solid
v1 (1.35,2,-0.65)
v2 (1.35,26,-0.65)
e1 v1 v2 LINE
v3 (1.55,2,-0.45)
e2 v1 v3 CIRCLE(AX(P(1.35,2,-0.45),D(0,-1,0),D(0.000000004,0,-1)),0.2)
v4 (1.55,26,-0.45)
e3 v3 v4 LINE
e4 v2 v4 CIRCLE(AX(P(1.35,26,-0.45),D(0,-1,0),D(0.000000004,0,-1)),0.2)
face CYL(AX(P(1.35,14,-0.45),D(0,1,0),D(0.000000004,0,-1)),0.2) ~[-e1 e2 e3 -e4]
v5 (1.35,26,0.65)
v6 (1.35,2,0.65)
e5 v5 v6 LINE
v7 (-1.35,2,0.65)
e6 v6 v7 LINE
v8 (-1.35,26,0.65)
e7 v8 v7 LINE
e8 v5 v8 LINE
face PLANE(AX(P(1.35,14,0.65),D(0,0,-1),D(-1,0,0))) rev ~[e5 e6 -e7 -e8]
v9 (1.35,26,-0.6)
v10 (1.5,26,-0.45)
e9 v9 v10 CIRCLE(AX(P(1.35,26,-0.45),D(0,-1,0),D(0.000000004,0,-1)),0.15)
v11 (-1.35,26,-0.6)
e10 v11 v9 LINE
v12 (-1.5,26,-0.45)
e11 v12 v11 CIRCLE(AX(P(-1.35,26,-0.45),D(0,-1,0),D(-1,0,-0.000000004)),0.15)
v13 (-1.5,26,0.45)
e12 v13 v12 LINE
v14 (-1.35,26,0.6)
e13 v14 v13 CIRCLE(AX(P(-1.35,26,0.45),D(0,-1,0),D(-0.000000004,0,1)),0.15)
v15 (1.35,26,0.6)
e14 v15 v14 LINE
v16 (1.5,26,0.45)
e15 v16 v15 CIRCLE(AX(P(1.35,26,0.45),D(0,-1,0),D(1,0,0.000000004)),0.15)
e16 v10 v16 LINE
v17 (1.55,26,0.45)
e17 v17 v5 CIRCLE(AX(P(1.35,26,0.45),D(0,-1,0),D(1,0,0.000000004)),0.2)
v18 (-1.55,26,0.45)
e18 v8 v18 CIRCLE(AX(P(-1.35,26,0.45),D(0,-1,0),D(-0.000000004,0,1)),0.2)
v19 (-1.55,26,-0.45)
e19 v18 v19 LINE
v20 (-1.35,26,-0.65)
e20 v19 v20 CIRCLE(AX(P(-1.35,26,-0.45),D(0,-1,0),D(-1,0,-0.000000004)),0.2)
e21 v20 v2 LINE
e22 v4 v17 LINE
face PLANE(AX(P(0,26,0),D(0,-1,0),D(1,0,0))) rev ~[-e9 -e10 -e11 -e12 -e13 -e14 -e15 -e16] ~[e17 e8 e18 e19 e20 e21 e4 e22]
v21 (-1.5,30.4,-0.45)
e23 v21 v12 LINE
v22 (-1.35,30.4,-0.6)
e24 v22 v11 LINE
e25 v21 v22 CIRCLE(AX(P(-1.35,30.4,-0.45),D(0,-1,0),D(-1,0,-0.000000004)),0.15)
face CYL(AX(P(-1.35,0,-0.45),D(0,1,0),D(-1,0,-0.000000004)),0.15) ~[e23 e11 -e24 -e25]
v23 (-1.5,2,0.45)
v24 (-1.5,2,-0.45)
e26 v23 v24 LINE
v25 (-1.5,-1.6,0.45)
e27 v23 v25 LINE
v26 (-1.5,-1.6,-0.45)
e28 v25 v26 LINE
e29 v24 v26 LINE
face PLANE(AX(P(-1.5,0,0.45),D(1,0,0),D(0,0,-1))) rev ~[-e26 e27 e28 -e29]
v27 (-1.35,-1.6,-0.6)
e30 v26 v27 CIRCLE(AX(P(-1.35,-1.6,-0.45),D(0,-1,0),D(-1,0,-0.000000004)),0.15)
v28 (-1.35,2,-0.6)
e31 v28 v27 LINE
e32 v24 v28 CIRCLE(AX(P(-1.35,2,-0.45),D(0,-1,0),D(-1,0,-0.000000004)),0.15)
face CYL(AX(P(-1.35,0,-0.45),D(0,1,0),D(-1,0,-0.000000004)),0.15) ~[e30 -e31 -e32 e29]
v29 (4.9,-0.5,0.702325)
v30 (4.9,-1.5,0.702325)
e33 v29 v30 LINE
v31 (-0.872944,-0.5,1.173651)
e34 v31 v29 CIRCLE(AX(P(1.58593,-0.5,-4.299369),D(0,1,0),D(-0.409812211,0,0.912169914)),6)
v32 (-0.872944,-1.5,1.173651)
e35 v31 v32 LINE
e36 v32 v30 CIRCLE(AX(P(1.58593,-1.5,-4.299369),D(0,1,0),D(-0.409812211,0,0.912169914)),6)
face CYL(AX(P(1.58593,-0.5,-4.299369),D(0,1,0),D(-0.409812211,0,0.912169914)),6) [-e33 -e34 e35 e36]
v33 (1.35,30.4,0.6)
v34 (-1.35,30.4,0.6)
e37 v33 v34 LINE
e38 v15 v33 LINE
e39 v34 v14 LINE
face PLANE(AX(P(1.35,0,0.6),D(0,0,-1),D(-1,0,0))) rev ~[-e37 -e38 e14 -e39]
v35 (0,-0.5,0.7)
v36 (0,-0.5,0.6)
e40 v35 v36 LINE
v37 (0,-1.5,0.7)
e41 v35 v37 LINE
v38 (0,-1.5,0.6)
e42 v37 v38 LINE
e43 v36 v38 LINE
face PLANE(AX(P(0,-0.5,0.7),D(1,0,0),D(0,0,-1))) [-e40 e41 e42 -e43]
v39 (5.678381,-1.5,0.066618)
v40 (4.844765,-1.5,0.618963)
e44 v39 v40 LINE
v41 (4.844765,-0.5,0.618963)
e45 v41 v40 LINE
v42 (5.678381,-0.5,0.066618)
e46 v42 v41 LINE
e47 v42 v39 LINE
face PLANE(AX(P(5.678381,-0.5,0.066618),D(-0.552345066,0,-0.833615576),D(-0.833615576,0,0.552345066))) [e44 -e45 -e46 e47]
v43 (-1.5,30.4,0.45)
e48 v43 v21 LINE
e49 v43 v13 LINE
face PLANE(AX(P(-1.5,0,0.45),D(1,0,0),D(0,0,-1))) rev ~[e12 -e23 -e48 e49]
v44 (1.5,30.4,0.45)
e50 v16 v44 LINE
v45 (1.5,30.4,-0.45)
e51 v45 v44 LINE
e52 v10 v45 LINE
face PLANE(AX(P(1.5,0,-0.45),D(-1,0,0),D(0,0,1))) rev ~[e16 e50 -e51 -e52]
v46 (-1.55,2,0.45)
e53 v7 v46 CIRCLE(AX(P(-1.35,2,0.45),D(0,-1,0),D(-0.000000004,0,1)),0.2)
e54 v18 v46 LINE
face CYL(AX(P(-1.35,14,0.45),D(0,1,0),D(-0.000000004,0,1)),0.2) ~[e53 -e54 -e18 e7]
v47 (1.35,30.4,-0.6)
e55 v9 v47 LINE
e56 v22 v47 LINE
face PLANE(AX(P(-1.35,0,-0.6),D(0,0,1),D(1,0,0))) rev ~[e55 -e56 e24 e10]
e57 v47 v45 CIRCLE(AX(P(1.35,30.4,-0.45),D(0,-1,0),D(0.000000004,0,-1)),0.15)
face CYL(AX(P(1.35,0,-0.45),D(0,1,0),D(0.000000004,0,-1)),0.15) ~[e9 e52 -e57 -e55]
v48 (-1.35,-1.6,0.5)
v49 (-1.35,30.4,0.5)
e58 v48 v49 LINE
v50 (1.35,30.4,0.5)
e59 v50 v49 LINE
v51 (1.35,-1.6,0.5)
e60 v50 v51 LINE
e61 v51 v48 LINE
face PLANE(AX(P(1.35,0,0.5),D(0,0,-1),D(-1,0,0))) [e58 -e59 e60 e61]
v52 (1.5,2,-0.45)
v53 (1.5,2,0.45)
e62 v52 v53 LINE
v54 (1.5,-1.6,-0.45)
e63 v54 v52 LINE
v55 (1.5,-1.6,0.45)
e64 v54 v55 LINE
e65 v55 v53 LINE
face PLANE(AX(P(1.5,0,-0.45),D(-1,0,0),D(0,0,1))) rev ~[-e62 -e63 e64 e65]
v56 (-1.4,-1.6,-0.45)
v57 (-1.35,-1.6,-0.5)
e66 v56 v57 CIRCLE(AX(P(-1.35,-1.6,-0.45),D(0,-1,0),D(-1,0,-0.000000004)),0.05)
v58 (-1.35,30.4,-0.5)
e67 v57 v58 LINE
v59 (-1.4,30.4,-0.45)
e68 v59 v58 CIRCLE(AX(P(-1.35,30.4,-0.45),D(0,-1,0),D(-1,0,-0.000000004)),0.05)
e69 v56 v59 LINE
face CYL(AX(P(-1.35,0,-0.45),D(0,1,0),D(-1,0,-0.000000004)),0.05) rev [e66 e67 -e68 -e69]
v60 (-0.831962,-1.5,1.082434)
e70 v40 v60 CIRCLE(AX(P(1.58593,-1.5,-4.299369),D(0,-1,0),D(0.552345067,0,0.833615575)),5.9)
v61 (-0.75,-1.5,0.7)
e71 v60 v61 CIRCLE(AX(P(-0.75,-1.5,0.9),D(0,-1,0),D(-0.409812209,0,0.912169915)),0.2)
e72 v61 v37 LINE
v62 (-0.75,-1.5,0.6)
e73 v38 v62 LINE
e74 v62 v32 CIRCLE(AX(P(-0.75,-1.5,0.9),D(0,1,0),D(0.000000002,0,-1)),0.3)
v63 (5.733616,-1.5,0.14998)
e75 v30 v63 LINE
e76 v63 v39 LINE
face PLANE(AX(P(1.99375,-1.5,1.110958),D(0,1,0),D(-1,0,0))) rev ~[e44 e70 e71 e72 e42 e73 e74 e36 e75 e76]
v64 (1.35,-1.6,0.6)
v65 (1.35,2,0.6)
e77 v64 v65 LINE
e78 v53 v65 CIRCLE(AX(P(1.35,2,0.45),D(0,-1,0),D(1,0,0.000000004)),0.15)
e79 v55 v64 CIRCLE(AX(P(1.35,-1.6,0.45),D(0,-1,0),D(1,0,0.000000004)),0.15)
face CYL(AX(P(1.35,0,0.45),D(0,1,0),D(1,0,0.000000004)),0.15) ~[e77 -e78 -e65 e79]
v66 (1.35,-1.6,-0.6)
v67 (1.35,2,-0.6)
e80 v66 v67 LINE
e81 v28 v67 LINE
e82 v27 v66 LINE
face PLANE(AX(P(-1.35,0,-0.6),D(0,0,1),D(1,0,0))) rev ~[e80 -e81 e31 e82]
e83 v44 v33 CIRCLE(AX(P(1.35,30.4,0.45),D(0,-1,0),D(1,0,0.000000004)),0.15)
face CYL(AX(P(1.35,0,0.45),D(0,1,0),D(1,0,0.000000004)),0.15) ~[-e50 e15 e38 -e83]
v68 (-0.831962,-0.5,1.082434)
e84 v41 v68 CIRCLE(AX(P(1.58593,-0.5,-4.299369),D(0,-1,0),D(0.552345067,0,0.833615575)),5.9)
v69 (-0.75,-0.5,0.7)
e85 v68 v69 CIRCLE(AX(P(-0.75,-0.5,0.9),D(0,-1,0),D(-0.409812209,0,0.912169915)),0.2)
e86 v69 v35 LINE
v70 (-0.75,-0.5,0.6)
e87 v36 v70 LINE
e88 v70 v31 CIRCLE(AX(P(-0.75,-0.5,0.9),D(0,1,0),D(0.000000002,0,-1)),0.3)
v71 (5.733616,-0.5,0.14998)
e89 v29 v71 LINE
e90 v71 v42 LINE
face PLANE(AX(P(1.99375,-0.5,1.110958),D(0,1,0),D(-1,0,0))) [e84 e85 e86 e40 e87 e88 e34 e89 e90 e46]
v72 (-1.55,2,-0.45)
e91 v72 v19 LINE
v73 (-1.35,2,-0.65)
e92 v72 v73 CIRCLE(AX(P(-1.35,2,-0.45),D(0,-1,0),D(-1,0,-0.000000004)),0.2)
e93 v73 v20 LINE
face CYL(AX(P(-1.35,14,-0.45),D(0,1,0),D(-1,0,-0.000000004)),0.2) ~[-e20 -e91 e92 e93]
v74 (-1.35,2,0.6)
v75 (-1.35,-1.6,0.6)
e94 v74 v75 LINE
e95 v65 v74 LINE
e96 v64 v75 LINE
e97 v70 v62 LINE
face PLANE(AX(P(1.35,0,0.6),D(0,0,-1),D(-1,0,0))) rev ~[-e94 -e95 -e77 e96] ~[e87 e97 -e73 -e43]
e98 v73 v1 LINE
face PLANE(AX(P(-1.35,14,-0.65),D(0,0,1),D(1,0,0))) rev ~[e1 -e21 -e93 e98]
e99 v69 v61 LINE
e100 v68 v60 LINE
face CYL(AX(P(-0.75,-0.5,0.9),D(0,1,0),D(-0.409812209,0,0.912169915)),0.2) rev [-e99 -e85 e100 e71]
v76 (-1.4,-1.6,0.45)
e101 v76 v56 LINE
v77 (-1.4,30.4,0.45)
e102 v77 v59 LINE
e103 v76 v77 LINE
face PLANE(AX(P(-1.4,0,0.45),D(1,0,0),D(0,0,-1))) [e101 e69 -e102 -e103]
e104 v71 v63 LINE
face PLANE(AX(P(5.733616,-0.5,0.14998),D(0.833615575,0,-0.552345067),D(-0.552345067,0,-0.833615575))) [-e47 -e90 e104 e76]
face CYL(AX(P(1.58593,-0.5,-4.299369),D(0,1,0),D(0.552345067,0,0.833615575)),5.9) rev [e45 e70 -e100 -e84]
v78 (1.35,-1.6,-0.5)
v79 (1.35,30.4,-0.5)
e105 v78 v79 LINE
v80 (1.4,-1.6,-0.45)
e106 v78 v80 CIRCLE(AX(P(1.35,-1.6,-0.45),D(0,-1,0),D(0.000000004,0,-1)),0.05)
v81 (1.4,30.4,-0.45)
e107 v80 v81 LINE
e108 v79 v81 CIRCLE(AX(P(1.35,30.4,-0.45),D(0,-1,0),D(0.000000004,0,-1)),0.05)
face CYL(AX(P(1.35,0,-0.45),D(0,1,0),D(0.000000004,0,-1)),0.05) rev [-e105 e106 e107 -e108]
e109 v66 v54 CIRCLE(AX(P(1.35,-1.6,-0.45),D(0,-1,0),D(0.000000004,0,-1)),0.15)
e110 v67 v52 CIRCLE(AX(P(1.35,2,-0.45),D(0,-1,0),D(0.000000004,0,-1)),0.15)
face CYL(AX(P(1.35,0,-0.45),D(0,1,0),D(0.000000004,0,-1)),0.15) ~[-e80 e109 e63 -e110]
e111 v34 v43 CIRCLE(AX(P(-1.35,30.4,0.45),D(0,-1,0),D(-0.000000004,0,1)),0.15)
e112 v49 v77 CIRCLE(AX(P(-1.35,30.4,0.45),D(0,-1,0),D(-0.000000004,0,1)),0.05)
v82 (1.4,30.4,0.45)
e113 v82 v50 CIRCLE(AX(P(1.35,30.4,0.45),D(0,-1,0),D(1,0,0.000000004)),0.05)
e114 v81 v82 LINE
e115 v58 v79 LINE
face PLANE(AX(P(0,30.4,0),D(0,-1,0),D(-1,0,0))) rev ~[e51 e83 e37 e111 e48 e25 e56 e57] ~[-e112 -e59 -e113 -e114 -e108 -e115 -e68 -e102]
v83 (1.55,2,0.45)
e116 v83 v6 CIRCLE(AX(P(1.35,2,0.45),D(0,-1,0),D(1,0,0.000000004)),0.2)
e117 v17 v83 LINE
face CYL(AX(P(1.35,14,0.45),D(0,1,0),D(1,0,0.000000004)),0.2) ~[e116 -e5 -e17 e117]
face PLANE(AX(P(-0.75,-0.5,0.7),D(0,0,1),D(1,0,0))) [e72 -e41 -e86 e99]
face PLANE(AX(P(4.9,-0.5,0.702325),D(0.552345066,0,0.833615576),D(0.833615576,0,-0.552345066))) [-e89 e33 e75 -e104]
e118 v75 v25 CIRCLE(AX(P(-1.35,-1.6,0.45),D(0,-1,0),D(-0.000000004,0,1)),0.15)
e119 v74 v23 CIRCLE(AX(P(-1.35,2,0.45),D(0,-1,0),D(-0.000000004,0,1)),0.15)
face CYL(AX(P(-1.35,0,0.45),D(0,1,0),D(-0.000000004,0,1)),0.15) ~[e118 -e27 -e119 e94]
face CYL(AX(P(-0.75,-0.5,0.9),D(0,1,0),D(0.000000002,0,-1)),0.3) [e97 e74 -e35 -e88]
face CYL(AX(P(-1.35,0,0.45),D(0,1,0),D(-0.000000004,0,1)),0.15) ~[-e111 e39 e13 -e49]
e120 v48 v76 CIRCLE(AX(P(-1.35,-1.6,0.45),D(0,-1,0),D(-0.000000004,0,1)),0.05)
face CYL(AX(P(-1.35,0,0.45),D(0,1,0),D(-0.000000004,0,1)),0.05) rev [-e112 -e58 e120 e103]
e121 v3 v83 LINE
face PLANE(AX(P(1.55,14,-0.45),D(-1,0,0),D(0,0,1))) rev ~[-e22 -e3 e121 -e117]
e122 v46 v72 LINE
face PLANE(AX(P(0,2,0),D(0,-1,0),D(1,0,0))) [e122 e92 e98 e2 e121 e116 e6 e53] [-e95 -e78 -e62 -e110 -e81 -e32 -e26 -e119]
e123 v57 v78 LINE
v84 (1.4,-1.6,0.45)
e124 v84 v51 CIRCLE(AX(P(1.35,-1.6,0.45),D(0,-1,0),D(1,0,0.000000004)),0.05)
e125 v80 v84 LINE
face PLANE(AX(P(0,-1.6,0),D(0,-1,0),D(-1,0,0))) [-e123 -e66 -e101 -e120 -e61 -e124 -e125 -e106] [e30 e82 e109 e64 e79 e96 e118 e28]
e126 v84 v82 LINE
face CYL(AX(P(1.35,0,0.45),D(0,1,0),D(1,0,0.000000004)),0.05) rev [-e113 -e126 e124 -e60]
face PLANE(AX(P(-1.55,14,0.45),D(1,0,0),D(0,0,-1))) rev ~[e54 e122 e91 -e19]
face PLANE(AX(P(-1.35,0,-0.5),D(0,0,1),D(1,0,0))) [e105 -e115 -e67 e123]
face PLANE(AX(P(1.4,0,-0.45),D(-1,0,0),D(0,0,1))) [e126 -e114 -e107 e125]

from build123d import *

# Parameters (mm, degrees)
EXTRUDE_THIN1_DEPTH      = 30.4
EXTRUDE_THIN1_DEPTH_BACK = 1.6
EXTRUDE_THIN2_DEPTH      = 12
EXTRUDE_THIN3_DEPTH      = 1


with BuildPart() as part:
    # Sketch1 → Extrude-Thin1 (new body, two sides)
    with BuildSketch(Plane(origin=(0, 0, 0), x_dir=(1, 0, 0), z_dir=(0, 1, 0))) as extrude_thin1_sk:
        with BuildLine():
            Line((1.35, -0.6), (-1.35, -0.6))
            ThreePointArc((-1.35, -0.6), (-1.456066017, -0.556066017), (-1.5, -0.45))
            Line((-1.5, -0.45), (-1.5, 0.45))
            ThreePointArc((-1.5, 0.45), (-1.456066017, 0.556066017), (-1.35, 0.6))
            Line((-1.35, 0.6), (1.35, 0.6))
            ThreePointArc((1.35, 0.6), (1.456066017, 0.556066017), (1.5, 0.45))
            Line((1.5, 0.45), (1.5, -0.45))
            ThreePointArc((1.5, -0.45), (1.456066017, -0.556066017), (1.35, -0.6))
        make_face()
        with BuildLine():
            Line((1.35, -0.5), (-1.35, -0.5))
            ThreePointArc((-1.35, -0.5), (-1.385355339, -0.485355339), (-1.4, -0.45))
            Line((-1.4, -0.45), (-1.4, 0.45))
            ThreePointArc((-1.4, 0.45), (-1.385355339, 0.485355339), (-1.35, 0.5))
            Line((-1.35, 0.5), (1.35, 0.5))
            ThreePointArc((1.35, 0.5), (1.385355339, 0.485355339), (1.4, 0.45))
            Line((1.4, 0.45), (1.4, -0.45))
            ThreePointArc((1.4, -0.45), (1.385355339, -0.485355339), (1.35, -0.5))
        make_face(mode=Mode.SUBTRACT)
    extrude(amount=EXTRUDE_THIN1_DEPTH)
    extrude(extrude_thin1_sk.sketch, amount=-EXTRUDE_THIN1_DEPTH_BACK)

    # Sketch2 → Extrude-Thin2 (add, symmetric)
    with BuildSketch(Plane(origin=(0, 14, 0), x_dir=(-1, 0, 0), z_dir=(0, 1, 0))):
        with BuildLine():
            Line((-1.55, -0.45), (-1.55, 0.45))
            ThreePointArc((-1.55, 0.45), (-1.491421356, 0.591421356), (-1.35, 0.65))
            Line((-1.35, 0.65), (1.35, 0.65))
            ThreePointArc((1.35, 0.65), (1.491421356, 0.591421356), (1.55, 0.45))
            Line((1.55, 0.45), (1.55, -0.45))
            ThreePointArc((1.55, -0.45), (1.491421356, -0.591421356), (1.35, -0.65))
            Line((1.35, -0.65), (-1.35, -0.65))
            ThreePointArc((-1.35, -0.65), (-1.491421356, -0.591421356), (-1.55, -0.45))
        make_face()
        with BuildLine():
            Line((-1.5, -0.45), (-1.5, 0.45))
            ThreePointArc((-1.5, 0.45), (-1.456066017, 0.556066017), (-1.35, 0.6))
            Line((-1.35, 0.6), (1.35, 0.6))
            ThreePointArc((1.35, 0.6), (1.456066017, 0.556066017), (1.5, 0.45))
            Line((1.5, 0.45), (1.5, -0.45))
            ThreePointArc((1.5, -0.45), (1.456066017, -0.556066017), (1.35, -0.6))
            Line((1.35, -0.6), (-1.35, -0.6))
            ThreePointArc((-1.35, -0.6), (-1.456066017, -0.556066017), (-1.5, -0.45))
        make_face(mode=Mode.SUBTRACT)
    extrude(amount=EXTRUDE_THIN2_DEPTH, both=True)

    # Sketch3 → Extrude-Thin3 (add)
    with BuildSketch(Plane.XZ.offset(0.5)):
        with BuildLine():
            Line((0, 0.6), (-0.75, 0.6))
            ThreePointArc((-0.75, 0.6), (-1.043338791, 0.837132251), (-0.872943663, 1.173650974))
            ThreePointArc((-0.872943663, 1.173650974), (2.074168878, 1.680733699), (4.9, 0.702324945))
            Line((4.9, 0.702324945), (5.733615576, 0.149979879))
            Line((5.733615576, 0.149979879), (5.678381069, 0.066618321))
            Line((5.678381069, 0.066618321), (4.844765493, 0.618963387))
            ThreePointArc((4.844765493, 0.618963387), (2.066031557, 1.581065329), (-0.831962442, 1.082433983))
            ThreePointArc((-0.831962442, 1.082433983), (-0.945559194, 0.858088167), (-0.75, 0.7))
            Line((-0.75, 0.7), (0, 0.7))
            Line((0, 0.7), (0, 0.6))
        make_face()
    extrude(amount=EXTRUDE_THIN3_DEPTH)


solid = part.part
